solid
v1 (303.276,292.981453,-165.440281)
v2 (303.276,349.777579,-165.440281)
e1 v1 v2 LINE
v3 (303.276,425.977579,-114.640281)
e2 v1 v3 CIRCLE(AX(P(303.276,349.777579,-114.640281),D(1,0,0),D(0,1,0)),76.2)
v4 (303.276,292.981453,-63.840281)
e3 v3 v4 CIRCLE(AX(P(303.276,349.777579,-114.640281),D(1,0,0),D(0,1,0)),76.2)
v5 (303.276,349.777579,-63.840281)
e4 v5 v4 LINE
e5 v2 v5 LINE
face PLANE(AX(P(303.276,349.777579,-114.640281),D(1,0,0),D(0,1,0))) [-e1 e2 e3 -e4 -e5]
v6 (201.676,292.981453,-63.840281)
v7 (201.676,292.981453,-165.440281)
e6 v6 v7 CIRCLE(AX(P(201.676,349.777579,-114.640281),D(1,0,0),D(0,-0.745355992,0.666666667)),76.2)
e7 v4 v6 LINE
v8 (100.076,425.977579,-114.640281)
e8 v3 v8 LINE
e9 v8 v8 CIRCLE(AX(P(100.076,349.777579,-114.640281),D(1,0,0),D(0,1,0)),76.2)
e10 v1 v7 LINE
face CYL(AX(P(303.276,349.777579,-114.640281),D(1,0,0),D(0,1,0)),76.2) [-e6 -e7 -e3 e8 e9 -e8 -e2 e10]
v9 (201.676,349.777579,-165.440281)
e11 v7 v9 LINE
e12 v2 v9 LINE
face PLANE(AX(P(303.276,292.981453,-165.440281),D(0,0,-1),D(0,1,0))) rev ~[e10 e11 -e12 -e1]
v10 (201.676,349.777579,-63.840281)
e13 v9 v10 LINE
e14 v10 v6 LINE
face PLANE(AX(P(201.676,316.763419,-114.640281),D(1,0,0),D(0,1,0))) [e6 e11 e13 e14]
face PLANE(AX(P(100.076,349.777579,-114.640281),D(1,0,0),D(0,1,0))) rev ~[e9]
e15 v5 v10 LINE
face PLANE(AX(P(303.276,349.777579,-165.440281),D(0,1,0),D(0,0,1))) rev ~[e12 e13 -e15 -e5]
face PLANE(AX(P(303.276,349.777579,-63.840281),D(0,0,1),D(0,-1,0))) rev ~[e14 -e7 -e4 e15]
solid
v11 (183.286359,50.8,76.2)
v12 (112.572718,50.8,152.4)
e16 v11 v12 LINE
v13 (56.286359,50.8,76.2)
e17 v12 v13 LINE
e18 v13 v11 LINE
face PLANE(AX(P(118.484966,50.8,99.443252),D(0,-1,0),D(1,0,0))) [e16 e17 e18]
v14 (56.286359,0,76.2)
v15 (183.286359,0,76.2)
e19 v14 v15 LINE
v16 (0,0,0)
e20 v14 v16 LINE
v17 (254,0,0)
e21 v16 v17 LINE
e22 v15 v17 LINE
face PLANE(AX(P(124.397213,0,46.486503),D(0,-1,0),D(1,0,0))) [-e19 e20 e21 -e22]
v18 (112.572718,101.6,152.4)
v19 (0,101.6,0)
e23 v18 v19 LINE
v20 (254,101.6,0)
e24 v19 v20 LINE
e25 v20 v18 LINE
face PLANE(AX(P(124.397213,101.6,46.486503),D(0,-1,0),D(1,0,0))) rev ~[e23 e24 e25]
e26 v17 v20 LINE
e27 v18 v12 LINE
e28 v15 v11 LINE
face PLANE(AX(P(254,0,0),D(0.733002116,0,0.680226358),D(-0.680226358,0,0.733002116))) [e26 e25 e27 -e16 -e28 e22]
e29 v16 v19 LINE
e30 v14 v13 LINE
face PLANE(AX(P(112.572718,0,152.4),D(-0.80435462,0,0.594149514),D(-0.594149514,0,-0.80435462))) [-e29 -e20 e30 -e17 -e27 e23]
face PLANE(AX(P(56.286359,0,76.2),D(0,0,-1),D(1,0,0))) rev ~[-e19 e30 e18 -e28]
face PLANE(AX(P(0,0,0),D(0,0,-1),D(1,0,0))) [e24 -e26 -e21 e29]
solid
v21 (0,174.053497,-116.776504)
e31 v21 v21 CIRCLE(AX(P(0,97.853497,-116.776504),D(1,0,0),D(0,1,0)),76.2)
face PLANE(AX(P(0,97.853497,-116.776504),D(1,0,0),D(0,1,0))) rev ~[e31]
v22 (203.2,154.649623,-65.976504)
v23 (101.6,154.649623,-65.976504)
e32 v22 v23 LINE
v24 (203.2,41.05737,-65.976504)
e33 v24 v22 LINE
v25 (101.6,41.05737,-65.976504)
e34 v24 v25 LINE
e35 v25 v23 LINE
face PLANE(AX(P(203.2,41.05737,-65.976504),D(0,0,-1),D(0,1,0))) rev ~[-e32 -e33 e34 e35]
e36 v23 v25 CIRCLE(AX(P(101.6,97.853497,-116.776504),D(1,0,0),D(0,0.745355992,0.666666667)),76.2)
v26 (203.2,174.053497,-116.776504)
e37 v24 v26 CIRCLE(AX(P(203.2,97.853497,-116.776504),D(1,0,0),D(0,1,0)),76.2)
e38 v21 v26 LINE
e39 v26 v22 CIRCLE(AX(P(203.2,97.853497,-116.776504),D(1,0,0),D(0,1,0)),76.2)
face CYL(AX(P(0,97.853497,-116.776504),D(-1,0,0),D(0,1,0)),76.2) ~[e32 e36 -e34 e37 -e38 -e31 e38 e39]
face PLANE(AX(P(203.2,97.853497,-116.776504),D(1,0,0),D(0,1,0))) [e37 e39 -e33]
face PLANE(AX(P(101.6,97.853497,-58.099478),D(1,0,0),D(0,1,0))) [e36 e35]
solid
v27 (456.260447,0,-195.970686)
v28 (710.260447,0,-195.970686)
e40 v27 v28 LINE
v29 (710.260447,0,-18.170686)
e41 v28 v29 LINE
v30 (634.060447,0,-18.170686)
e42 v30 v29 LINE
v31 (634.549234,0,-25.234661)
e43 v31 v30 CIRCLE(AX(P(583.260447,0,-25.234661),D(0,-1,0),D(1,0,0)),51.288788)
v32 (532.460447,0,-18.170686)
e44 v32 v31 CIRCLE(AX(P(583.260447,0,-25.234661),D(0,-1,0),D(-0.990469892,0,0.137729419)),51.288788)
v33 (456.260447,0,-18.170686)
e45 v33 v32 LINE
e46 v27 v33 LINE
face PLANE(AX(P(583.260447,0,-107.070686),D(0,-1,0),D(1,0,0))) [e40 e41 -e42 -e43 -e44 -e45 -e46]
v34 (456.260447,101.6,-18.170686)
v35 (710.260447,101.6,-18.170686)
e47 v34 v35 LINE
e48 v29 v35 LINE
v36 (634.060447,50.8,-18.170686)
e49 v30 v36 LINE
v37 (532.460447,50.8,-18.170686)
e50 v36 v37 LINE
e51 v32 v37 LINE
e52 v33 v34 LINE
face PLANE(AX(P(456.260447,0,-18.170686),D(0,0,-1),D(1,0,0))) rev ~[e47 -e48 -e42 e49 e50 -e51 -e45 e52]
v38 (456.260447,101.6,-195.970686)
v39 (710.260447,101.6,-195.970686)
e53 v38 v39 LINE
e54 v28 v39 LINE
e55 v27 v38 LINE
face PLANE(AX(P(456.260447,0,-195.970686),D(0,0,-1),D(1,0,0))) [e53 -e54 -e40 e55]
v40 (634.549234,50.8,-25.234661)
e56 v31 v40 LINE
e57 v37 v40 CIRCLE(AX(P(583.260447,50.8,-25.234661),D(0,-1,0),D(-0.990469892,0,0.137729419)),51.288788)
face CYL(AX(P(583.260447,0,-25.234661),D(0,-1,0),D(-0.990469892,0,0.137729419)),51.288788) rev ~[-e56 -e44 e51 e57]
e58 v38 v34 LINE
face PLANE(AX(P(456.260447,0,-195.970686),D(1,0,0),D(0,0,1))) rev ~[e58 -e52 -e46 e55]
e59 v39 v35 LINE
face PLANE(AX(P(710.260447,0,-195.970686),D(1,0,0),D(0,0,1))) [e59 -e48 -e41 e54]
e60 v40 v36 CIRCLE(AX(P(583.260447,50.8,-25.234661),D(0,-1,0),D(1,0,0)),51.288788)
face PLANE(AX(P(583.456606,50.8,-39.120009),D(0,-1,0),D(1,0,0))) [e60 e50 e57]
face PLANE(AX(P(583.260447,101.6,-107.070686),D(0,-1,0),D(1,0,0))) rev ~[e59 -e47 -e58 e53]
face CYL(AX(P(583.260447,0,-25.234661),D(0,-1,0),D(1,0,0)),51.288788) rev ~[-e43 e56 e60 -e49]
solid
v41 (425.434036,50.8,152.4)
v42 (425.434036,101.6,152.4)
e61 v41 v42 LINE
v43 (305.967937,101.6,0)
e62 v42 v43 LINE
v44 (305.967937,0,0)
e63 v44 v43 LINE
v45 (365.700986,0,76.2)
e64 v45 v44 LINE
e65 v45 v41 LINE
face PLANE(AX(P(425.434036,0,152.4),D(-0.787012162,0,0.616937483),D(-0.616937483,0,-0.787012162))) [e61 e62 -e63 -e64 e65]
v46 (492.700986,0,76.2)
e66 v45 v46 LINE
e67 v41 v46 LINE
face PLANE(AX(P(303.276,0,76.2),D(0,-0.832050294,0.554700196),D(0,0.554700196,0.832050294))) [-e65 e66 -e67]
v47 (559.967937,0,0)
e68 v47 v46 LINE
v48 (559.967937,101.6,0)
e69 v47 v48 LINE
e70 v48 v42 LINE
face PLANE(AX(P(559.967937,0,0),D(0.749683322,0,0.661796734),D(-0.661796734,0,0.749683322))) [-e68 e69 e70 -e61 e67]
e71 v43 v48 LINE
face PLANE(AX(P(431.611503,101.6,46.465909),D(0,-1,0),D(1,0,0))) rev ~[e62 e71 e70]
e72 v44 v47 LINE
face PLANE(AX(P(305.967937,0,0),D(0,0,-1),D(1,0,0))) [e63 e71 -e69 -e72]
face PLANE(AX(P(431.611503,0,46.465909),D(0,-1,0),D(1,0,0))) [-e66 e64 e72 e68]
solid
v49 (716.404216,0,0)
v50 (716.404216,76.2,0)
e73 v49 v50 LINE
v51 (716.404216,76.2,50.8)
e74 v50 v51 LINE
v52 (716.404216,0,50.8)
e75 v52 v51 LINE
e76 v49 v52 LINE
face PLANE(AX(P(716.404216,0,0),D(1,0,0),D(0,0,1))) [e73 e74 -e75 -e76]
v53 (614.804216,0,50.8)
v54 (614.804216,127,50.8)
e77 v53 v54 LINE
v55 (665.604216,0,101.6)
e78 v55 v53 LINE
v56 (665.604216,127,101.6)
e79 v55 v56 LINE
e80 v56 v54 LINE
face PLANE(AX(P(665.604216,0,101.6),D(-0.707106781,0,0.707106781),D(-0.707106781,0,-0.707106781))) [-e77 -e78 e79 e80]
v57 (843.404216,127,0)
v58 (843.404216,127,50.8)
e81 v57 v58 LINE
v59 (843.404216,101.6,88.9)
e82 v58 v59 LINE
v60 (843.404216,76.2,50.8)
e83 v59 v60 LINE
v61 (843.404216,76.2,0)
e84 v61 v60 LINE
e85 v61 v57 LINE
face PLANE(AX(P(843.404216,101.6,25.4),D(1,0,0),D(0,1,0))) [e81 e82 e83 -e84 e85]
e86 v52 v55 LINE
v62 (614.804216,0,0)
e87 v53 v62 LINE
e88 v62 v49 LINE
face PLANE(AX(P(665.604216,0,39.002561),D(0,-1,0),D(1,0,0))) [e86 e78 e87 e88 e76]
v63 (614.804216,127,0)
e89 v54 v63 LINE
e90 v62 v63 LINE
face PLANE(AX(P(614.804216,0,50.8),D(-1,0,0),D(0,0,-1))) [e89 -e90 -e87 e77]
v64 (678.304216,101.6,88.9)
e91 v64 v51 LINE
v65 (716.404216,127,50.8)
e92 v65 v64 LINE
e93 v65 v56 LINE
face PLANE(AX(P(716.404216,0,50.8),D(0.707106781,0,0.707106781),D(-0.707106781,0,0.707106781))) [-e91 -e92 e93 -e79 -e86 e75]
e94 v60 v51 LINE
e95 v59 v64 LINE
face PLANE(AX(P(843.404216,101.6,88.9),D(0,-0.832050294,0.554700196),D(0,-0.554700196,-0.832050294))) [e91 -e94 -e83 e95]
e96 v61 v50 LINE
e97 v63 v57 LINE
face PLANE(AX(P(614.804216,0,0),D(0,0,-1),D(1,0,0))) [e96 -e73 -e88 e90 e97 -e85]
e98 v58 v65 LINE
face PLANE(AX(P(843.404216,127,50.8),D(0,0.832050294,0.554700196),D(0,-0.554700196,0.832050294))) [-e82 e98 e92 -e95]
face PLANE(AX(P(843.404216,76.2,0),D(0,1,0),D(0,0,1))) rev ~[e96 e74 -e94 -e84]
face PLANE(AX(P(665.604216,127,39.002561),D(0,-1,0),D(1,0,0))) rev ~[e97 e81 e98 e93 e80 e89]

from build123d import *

# Parameters (mm, degrees)
F1_DEPTH  = 101.6
F3_DEPTH  = 50.8
F5_DEPTH  = 50.8
F7_DEPTH  = 101.6
F10_DEPTH = 279.4
F12_DEPTH = 127
F14_W     = 50.8
F14_H     = 50.8
F16_R     = 76.2
F17_DEPTH = 203.2
F19_DEPTH = 101.6
F20_R     = 76.2
F21_DEPTH = 203.2
F23_DEPTH = 101.6
F24_W     = 254
F24_H     = 177.8
F25_DEPTH = 101.6
F27_DEPTH = 50.8


with BuildPart() as f1:
    # F0 (on Front) → F1 (new body)
    with BuildSketch(Plane.XZ):
        Polygon((112.5727180381, 152.4), (0, 0), (254, 0), align=None)
    extrude(amount=-F1_DEPTH)

    # F2 (on face) → F3 (join)
    with BuildSketch(Plane.XZ):
        Polygon((183.286359019, 76.2), (112.5727180381, 152.4), (56.286359019, 76.2), align=None)
    extrude(amount=-F3_DEPTH)

    # F4 (on face) → F5 (cut)
    with BuildSketch(Plane.XZ):
        Polygon((183.286359019, 76.2), (112.5727180381, 152.4), (56.286359019, 76.2), align=None)
    extrude(amount=-F5_DEPTH, mode=Mode.SUBTRACT)


with BuildPart() as f7:
    # F6 (on Front) → F7 (new body)
    with BuildSketch(Plane.XZ):
        Polygon((425.4340355222, 152.4), (305.9679370656, 0), (559.9679370656, 0), align=None)
    extrude(amount=-F7_DEPTH)

    # F9 (on offset) → F10 (cut)
    with BuildSketch(Plane.YZ.offset(303.276)):
        Polygon((0, 152.4), (0, 76.2), (50.8, 152.4), align=None)
    extrude(amount=F10_DEPTH, mode=Mode.SUBTRACT)


with BuildPart() as f12:
    # F11 (on Front) → F12 (new body)
    with BuildSketch(Plane.XZ):
        Polygon((614.8042158089, 50.8), (614.8042158089, 0), (716.4042158089, 0), (716.4042158089, 50.8), (665.6042158089, 101.6), align=None)
    extrude(amount=-F12_DEPTH)

    # F14 (on offset) → F15 (join, up to the next surface of F12)
    with BuildSketch(Plane.YZ.offset(843.4042158089)):
        with Locations((101.6, 25.4)):
            Rectangle(F14_W, F14_H)
        Polygon((76.2, 50.8), (127, 50.8), (101.6, 88.9), align=None)
    extrude(until=Until.NEXT, dir=(-1, 0, 0))


with BuildPart() as f17:
    # F16 (on Right) → F17 (new body)
    with BuildSketch(Plane.YZ):
        with Locations((97.8534966707, -116.7765036225)):
            Circle(F16_R)
    extrude(amount=F17_DEPTH)

    # F18 (on face) → F19 (cut)
    with BuildSketch(Plane.YZ.offset(203.2)):
        with BuildLine():
            ThreePointArc((154.6496232992, -65.9765036225), (97.8534966707, -40.5765036225), (41.0573700422, -65.9765036225))
            Line((41.0573700422, -65.9765036225), (154.6496232992, -65.9765036225))
        make_face()
    extrude(amount=-F19_DEPTH, mode=Mode.SUBTRACT)


with BuildPart() as f21:
    # F20 (on offset) → F21 (new body)
    with BuildSketch(Plane.YZ.offset(303.276)):
        with Locations((349.7775793076, -114.6402806044)):
            Circle(F20_R)
    extrude(amount=-F21_DEPTH)

    # F22 (on face) → F23 (cut)
    with BuildSketch(Plane.YZ.offset(303.276)):
        with BuildLine():
            Line((349.7775793076, -63.8402806044), (292.9814526791, -63.8402806044))
            ThreePointArc((292.9814526791, -63.8402806044), (273.5775793076, -114.6402806044), (292.9814526791, -165.4402806044))
            Line((292.9814526791, -165.4402806044), (349.7775793076, -165.4402806044))
            Line((349.7775793076, -165.4402806044), (349.7775793076, -63.8402806044))
        make_face()
    extrude(amount=-F23_DEPTH, mode=Mode.SUBTRACT)


with BuildPart() as f25:
    # F24 (on Front) → F25 (new body)
    with BuildSketch(Plane.XZ):
        with Locations((583.2604467869, -107.0706863395)):
            Rectangle(F24_W, F24_H)
    extrude(amount=-F25_DEPTH)

    # F26 (on face) → F27 (cut)
    with BuildSketch(Plane.XZ):
        with BuildLine():
            ThreePointArc((532.4604467869, -18.1706863395), (579.7200140613, -76.4011061392), (634.5492344713, -25.2346612925))
            ThreePointArc((634.5492344713, -25.2346612925), (634.4268916336, -21.6942285669), (634.0604467869, -18.1706863395))
            Line((634.0604467869, -18.1706863395), (532.4604467869, -18.1706863395))
        make_face()
    extrude(amount=-F27_DEPTH, mode=Mode.SUBTRACT)


solid = Compound([f1.part, f7.part, f12.part, f17.part, f21.part, f25.part])
